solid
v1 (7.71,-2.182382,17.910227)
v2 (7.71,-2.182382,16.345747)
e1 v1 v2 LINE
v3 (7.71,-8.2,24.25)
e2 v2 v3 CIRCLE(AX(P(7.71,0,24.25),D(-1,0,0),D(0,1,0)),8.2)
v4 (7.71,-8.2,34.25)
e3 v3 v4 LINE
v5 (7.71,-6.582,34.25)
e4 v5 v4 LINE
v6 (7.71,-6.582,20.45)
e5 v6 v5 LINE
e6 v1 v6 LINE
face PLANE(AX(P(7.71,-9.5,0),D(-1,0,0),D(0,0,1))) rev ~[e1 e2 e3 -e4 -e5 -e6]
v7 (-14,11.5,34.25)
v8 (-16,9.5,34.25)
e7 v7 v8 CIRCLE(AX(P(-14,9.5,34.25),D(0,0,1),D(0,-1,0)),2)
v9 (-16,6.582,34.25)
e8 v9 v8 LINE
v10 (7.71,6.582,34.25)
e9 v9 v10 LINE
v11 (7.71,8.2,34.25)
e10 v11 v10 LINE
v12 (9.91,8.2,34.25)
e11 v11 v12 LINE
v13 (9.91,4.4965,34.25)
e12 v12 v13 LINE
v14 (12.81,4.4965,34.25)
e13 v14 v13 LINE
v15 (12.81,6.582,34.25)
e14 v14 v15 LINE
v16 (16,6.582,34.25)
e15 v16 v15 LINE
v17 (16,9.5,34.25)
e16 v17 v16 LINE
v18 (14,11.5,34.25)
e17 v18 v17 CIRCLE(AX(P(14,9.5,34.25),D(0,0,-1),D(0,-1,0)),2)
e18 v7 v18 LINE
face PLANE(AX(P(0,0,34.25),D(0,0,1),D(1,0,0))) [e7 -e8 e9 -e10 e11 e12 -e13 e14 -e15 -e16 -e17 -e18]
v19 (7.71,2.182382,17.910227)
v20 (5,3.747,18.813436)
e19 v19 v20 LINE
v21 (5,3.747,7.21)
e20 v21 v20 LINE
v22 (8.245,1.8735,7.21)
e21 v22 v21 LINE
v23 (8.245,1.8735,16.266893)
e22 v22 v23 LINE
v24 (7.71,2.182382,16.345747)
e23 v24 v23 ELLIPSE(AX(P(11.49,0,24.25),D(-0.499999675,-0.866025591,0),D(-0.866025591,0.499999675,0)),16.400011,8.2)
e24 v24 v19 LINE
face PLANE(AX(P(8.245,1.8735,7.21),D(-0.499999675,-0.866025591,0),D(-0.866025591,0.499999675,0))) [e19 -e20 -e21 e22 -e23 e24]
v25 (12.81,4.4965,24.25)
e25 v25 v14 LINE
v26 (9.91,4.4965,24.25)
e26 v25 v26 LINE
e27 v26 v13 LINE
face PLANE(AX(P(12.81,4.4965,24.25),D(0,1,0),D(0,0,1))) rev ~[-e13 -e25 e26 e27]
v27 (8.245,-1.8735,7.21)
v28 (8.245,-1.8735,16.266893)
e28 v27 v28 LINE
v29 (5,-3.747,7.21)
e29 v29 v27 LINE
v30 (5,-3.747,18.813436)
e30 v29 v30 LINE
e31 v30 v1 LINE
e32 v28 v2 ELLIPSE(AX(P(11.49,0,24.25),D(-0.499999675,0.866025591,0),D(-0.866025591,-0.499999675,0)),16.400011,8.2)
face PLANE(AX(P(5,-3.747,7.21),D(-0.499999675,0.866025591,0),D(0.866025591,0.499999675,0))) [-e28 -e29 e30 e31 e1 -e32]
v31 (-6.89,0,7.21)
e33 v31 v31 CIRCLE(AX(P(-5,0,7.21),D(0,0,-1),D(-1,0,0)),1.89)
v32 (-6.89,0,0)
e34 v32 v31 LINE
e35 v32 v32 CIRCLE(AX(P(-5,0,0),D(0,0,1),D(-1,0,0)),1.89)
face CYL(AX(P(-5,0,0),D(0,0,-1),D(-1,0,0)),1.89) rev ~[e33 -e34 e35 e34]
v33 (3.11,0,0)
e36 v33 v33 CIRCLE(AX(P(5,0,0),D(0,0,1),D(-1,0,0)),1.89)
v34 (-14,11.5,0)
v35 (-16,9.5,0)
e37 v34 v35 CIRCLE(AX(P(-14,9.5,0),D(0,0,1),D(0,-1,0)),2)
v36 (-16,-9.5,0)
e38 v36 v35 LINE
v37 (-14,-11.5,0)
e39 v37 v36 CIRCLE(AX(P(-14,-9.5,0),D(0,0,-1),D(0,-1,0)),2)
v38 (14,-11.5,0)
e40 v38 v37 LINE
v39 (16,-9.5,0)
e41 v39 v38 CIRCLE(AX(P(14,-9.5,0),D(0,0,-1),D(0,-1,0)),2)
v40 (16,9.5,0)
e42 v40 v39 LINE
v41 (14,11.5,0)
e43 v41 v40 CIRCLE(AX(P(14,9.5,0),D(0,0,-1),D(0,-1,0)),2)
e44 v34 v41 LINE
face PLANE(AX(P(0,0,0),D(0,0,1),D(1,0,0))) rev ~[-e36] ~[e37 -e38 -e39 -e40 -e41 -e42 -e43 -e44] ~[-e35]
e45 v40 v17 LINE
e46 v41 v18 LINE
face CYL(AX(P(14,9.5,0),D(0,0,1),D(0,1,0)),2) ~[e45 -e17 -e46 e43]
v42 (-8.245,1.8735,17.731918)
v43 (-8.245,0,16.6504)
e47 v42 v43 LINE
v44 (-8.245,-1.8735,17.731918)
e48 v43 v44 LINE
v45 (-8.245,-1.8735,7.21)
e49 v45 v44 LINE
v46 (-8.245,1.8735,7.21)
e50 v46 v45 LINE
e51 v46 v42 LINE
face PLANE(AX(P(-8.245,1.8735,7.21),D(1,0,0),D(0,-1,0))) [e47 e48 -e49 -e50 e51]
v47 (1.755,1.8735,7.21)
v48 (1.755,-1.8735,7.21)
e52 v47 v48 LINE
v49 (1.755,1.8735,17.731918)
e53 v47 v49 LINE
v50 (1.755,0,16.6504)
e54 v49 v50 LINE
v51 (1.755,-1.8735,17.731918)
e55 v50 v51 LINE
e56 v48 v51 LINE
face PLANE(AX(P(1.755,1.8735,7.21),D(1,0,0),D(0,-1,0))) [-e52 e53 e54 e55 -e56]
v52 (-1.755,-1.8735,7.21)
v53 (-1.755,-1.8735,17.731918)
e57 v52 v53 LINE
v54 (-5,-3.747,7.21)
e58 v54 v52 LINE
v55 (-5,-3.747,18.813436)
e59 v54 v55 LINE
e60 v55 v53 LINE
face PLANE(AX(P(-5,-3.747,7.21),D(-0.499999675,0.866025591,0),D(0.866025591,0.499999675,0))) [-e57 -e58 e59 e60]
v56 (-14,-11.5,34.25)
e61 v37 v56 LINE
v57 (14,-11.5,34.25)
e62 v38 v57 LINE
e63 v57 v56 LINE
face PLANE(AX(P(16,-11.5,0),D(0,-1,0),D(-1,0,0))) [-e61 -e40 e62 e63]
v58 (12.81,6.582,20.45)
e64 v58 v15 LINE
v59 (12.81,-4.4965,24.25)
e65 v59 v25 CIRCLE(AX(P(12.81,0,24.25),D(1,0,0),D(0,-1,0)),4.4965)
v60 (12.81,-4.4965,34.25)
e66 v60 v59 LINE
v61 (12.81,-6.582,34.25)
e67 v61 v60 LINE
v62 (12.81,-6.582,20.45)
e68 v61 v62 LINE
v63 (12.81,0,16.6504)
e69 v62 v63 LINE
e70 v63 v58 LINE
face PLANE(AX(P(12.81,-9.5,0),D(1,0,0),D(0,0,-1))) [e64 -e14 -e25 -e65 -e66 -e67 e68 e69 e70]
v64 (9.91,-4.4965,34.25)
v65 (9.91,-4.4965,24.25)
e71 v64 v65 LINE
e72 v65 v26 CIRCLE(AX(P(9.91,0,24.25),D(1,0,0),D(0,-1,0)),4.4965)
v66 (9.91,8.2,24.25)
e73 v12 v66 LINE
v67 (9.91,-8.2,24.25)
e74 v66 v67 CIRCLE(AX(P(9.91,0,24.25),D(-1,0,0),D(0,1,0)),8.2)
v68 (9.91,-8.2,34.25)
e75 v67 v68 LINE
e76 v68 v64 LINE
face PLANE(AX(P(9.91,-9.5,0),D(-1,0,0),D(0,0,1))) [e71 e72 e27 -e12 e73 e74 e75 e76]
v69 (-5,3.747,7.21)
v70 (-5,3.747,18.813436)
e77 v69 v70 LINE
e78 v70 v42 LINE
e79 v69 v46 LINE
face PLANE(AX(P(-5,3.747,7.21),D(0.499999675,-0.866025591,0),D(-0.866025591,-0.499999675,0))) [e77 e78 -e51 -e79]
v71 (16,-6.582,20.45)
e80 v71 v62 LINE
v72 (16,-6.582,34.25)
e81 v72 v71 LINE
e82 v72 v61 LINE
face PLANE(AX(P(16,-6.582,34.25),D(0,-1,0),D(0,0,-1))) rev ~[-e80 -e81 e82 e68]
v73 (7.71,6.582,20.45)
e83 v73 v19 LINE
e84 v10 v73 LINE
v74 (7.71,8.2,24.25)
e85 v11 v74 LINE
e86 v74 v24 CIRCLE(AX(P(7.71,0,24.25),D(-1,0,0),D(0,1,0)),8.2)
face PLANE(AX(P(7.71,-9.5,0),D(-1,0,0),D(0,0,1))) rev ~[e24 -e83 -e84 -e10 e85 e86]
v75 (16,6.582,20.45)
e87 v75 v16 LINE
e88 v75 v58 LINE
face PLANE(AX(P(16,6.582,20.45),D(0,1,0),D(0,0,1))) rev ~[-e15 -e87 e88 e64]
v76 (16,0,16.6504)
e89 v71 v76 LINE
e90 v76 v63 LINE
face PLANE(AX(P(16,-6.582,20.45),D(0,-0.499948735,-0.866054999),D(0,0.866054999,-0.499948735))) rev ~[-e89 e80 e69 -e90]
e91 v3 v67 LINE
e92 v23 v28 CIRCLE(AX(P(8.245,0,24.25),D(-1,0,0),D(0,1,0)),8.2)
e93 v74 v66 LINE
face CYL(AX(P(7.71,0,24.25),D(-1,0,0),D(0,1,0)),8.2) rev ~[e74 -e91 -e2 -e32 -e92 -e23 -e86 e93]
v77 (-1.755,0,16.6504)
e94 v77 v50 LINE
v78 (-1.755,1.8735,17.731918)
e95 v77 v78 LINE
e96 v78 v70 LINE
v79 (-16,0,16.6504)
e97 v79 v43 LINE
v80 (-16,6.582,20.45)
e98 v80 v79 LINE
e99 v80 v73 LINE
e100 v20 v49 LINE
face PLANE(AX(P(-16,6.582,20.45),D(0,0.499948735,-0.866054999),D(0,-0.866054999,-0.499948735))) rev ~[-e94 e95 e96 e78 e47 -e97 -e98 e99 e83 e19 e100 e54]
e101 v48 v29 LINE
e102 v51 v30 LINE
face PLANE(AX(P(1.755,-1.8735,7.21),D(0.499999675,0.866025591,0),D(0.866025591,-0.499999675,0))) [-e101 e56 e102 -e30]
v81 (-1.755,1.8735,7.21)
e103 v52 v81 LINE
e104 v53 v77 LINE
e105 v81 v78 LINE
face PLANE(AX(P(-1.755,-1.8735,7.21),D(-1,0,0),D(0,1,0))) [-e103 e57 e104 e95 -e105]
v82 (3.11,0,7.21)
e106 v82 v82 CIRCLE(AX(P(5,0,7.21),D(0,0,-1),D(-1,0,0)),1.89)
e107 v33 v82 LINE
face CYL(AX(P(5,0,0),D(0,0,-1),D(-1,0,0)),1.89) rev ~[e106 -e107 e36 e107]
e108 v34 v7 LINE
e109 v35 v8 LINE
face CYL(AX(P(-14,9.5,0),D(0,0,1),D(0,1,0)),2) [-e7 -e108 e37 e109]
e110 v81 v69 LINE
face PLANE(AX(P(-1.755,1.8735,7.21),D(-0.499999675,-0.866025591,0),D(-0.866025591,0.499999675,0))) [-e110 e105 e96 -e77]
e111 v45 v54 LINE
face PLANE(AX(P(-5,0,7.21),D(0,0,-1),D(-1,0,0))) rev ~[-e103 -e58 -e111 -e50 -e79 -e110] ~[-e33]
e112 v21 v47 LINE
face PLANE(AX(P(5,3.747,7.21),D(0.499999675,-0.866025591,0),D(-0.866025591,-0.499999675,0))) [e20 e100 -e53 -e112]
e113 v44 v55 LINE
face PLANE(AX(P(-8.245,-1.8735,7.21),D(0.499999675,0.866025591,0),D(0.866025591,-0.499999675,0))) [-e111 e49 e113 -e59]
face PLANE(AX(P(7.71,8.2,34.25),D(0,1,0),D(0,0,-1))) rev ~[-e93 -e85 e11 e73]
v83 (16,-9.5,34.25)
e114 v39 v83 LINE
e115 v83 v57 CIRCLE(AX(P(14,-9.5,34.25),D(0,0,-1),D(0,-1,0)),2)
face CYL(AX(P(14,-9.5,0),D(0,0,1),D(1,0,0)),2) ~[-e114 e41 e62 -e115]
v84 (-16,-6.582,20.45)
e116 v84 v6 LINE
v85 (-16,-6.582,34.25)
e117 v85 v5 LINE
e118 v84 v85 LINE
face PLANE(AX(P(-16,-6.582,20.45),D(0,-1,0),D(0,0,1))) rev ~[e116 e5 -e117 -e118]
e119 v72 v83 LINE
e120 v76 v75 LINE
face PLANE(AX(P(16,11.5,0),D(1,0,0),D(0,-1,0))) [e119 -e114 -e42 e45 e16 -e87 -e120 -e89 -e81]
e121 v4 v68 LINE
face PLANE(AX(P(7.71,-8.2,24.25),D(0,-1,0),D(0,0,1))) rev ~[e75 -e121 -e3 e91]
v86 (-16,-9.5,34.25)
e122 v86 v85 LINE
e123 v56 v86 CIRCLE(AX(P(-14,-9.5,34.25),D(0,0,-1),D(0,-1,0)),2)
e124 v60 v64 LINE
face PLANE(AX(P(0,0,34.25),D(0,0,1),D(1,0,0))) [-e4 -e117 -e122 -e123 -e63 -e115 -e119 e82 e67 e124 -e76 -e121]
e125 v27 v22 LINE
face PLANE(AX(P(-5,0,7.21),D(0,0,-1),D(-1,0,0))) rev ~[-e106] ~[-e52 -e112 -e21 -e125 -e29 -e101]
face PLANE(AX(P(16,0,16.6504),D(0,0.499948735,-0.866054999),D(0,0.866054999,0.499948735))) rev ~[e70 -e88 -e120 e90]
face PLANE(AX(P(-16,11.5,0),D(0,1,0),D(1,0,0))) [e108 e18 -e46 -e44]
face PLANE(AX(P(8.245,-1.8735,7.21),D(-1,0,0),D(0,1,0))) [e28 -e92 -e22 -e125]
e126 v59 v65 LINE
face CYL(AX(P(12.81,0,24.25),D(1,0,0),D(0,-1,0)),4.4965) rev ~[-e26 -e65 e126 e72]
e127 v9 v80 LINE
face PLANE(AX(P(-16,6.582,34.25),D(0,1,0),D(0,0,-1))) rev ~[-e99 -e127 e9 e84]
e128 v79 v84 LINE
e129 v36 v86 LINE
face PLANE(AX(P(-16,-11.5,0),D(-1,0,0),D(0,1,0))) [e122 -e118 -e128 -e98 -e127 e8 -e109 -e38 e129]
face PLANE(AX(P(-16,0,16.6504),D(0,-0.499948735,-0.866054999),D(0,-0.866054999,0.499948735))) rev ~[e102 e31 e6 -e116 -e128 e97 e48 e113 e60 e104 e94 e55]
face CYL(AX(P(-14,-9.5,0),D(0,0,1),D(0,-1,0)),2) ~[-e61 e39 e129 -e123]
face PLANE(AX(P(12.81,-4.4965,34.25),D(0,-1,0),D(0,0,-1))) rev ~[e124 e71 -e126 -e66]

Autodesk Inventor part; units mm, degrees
sketch "Boceto1" plane through (0, 0, 0) normal (0, 0, 1) x (1, 0, 0)
  line L0 (-16, 11.5) -> (16, 11.5)
  line L1 (16, 11.5) -> (16, -11.5)
  line L2 (16, -11.5) -> (-16, -11.5)
  line L3 (-16, -11.5) -> (-16, 11.5)
  point P0 (0, 0)
  point P1 (16, 0)
  point P2 (0, 11.5)
  dimension "d0" = 32
  dimension "d1" = 23
extrude "Extrusión1" add sketch "Boceto1" along normal blind 34.25
fillet "Empalme1" radius 2 4 edges at (16, -11.5, 17.125) (16, 11.5, 17.125) (-16, 11.5, 17.125) (-16, -11.5, 17.125)
sketch "Boceto2" plane through (16, -9.5, 0) normal (1, 0, 0) x (0, 0, -1)
  line L0 (-34.25, 0) -> (-34.25, 19) projected
  line L1 (-34.25, 2.918) -> (-20.45, 2.918)
  line L2 (-20.45, 2.918) -> (-16.6504, 9.5)
  line L3 (-16.6504, 9.5) -> (-20.45, 16.082)
  line L4 (-20.45, 16.082) -> (-34.25, 16.082)
  line L5 (-34.25, 2.918) -> (-34.25, 16.082)
  point P0 (0, 9.5)
  point P1 (-34.25, 9.5)
  dimension "d5" = 13.8
  dimension "d6" = 7.6
  dimension "d7" = 13.164
extrude "Extrusión2" cut sketch "Boceto2" against normal blind 3.19
sketch "Boceto3" plane through (12.81, -9.5, 0) normal (1, 0, 0) x (0, 0, -1)
  line L0 (-20.45, 2.918) -> (-34.25, 2.918) projected
  line L1 (-16.6504, 9.5) -> (-20.45, 2.918) projected
  line L2 (-20.45, 16.082) -> (-16.6504, 9.5) projected
  line L3 (-34.25, 16.082) -> (-20.45, 16.082) projected
  line L4 (-34.25, 2.918) -> (-34.25, 16.082) projected
  line L5 (-34.25, 5.0035) -> (-24.25, 5.0035)
  arc A0 (-24.25, 5.0035) -> (-24.25, 13.9965) centre (-24.25, 9.5) ccw
  line L6 (-24.25, 13.9965) -> (-34.25, 13.9965)
  line L7 (-34.25, 2.918) -> (-34.25, 16.082) projected
  line L8 (-34.25, 5.0035) -> (-34.25, 13.9965)
  point P0 (0, 9.5)
  point P1 (-34.25, 9.5)
  dimension "d10" = 10
  dimension "d11" = 8.993
extrude "Extrusión3" cut sketch "Boceto3" against normal blind 2.9 contours L4 L6 A0 L5
sketch "Boceto4" plane through (-16, -9.5, 0) normal (-1, 0, 0) x (0, 0, 1)
  line L0 (34.25, 16.082) -> (20.45, 16.082) projected
  line L1 (20.45, 16.082) -> (16.6504, 9.5) projected
  line L2 (16.6504, 9.5) -> (20.45, 2.918) projected
  line L3 (20.45, 2.918) -> (34.25, 2.918) projected
  line L4 (34.25, 16.082) -> (34.25, 2.918)
  line L5 (34.25, 0) -> (34.25, 2.918) projected
  point P0 (0, 9.5)
extrude "Extrusión4" cut sketch "Boceto4" against normal blind 23.71
sketch "Boceto5" plane through (7.71, -9.5, 0) normal (-1, 0, 0) x (0, 0, 1)
  line L0 (34.25, 17.7) -> (24.25, 17.7)
  arc A0 (24.25, 17.7) -> (24.25, 1.3) centre (24.25, 9.5) ccw
  line L1 (24.25, 1.3) -> (34.25, 1.3)
  line L2 (20.45, 2.918) -> (34.25, 2.918) projected
  line L3 (34.25, 5.0035) -> (34.25, 13.9965) projected
  line L4 (34.25, 17.7) -> (34.25, 1.3)
  line L5 (34.25, 0) -> (34.25, 2.918) projected
  point P0 (0, 9.5)
  point P1 (34.25, 9.5)
  dimension "d16" = 10
  dimension "d17" = 16.4
extrude "Extrusión5" cut sketch "Boceto5" against normal up to surface (2.2 mm away)
sketch "Boceto6" plane through (0, 0, 0) normal (0, 0, -1) x (-1, 0, 0)
  line L0 (16, 0) -> (-7.71, 0) projected
  circle A0 centre (5, 0) radius 1.89
  circle A1 centre (-5, 0) radius 1.89
  line L1 (16, -9.5) -> (16, 9.5) projected
  point P0 (0, 0)
  dimension "d20" = 3.78
  dimension "d21" = 3.78
  dimension "d22" = 10
  dimension "d23" = 11
extrude "Extrusión6" cut sketch "Boceto6" against normal blind 7.21
sketch "Boceto7" plane through (-5, 0, 7.21) normal (0, 0, -1) x (-1, 0, 0)
  circle A0 centre (0, 0) radius 1.89 projected
  circle A1 centre (-10, 0) radius 1.89 projected
  line L0 (3.245, -1.8735) -> (0, -3.747)
  line L1 (0, -3.747) -> (-3.245, -1.8735)
  line L2 (-3.245, -1.8735) -> (-3.245, 1.8735)
  line L3 (-3.245, 1.8735) -> (0, 3.747)
  line L4 (0, 3.747) -> (3.245, 1.8735)
  line L5 (3.245, 1.8735) -> (3.245, -1.8735)
  line L6 (-6.755, -1.8735) -> (-10, -3.747)
  line L7 (-10, -3.747) -> (-13.245, -1.8735)
  line L8 (-13.245, -1.8735) -> (-13.245, 1.8735)
  line L9 (-13.245, 1.8735) -> (-10, 3.747)
  line L10 (-10, 3.747) -> (-6.755, 1.8735)
  line L11 (-6.755, 1.8735) -> (-6.755, -1.8735)
  point P0 (-5, 0)
  dimension "d26" = 3.747
  dimension "d27" = 3.747
extrude "Extrusión7" cut sketch "Boceto7" against normal through all contours A0 | A1 | L0 L1 L2 L3 L4 L5 | L6 L7 L8 L9 L10 L11
ref_plane "Plano de trabajo1" through (0, -9.5, 0) normal (-1, 0, 0) x (0, 0, 1)
